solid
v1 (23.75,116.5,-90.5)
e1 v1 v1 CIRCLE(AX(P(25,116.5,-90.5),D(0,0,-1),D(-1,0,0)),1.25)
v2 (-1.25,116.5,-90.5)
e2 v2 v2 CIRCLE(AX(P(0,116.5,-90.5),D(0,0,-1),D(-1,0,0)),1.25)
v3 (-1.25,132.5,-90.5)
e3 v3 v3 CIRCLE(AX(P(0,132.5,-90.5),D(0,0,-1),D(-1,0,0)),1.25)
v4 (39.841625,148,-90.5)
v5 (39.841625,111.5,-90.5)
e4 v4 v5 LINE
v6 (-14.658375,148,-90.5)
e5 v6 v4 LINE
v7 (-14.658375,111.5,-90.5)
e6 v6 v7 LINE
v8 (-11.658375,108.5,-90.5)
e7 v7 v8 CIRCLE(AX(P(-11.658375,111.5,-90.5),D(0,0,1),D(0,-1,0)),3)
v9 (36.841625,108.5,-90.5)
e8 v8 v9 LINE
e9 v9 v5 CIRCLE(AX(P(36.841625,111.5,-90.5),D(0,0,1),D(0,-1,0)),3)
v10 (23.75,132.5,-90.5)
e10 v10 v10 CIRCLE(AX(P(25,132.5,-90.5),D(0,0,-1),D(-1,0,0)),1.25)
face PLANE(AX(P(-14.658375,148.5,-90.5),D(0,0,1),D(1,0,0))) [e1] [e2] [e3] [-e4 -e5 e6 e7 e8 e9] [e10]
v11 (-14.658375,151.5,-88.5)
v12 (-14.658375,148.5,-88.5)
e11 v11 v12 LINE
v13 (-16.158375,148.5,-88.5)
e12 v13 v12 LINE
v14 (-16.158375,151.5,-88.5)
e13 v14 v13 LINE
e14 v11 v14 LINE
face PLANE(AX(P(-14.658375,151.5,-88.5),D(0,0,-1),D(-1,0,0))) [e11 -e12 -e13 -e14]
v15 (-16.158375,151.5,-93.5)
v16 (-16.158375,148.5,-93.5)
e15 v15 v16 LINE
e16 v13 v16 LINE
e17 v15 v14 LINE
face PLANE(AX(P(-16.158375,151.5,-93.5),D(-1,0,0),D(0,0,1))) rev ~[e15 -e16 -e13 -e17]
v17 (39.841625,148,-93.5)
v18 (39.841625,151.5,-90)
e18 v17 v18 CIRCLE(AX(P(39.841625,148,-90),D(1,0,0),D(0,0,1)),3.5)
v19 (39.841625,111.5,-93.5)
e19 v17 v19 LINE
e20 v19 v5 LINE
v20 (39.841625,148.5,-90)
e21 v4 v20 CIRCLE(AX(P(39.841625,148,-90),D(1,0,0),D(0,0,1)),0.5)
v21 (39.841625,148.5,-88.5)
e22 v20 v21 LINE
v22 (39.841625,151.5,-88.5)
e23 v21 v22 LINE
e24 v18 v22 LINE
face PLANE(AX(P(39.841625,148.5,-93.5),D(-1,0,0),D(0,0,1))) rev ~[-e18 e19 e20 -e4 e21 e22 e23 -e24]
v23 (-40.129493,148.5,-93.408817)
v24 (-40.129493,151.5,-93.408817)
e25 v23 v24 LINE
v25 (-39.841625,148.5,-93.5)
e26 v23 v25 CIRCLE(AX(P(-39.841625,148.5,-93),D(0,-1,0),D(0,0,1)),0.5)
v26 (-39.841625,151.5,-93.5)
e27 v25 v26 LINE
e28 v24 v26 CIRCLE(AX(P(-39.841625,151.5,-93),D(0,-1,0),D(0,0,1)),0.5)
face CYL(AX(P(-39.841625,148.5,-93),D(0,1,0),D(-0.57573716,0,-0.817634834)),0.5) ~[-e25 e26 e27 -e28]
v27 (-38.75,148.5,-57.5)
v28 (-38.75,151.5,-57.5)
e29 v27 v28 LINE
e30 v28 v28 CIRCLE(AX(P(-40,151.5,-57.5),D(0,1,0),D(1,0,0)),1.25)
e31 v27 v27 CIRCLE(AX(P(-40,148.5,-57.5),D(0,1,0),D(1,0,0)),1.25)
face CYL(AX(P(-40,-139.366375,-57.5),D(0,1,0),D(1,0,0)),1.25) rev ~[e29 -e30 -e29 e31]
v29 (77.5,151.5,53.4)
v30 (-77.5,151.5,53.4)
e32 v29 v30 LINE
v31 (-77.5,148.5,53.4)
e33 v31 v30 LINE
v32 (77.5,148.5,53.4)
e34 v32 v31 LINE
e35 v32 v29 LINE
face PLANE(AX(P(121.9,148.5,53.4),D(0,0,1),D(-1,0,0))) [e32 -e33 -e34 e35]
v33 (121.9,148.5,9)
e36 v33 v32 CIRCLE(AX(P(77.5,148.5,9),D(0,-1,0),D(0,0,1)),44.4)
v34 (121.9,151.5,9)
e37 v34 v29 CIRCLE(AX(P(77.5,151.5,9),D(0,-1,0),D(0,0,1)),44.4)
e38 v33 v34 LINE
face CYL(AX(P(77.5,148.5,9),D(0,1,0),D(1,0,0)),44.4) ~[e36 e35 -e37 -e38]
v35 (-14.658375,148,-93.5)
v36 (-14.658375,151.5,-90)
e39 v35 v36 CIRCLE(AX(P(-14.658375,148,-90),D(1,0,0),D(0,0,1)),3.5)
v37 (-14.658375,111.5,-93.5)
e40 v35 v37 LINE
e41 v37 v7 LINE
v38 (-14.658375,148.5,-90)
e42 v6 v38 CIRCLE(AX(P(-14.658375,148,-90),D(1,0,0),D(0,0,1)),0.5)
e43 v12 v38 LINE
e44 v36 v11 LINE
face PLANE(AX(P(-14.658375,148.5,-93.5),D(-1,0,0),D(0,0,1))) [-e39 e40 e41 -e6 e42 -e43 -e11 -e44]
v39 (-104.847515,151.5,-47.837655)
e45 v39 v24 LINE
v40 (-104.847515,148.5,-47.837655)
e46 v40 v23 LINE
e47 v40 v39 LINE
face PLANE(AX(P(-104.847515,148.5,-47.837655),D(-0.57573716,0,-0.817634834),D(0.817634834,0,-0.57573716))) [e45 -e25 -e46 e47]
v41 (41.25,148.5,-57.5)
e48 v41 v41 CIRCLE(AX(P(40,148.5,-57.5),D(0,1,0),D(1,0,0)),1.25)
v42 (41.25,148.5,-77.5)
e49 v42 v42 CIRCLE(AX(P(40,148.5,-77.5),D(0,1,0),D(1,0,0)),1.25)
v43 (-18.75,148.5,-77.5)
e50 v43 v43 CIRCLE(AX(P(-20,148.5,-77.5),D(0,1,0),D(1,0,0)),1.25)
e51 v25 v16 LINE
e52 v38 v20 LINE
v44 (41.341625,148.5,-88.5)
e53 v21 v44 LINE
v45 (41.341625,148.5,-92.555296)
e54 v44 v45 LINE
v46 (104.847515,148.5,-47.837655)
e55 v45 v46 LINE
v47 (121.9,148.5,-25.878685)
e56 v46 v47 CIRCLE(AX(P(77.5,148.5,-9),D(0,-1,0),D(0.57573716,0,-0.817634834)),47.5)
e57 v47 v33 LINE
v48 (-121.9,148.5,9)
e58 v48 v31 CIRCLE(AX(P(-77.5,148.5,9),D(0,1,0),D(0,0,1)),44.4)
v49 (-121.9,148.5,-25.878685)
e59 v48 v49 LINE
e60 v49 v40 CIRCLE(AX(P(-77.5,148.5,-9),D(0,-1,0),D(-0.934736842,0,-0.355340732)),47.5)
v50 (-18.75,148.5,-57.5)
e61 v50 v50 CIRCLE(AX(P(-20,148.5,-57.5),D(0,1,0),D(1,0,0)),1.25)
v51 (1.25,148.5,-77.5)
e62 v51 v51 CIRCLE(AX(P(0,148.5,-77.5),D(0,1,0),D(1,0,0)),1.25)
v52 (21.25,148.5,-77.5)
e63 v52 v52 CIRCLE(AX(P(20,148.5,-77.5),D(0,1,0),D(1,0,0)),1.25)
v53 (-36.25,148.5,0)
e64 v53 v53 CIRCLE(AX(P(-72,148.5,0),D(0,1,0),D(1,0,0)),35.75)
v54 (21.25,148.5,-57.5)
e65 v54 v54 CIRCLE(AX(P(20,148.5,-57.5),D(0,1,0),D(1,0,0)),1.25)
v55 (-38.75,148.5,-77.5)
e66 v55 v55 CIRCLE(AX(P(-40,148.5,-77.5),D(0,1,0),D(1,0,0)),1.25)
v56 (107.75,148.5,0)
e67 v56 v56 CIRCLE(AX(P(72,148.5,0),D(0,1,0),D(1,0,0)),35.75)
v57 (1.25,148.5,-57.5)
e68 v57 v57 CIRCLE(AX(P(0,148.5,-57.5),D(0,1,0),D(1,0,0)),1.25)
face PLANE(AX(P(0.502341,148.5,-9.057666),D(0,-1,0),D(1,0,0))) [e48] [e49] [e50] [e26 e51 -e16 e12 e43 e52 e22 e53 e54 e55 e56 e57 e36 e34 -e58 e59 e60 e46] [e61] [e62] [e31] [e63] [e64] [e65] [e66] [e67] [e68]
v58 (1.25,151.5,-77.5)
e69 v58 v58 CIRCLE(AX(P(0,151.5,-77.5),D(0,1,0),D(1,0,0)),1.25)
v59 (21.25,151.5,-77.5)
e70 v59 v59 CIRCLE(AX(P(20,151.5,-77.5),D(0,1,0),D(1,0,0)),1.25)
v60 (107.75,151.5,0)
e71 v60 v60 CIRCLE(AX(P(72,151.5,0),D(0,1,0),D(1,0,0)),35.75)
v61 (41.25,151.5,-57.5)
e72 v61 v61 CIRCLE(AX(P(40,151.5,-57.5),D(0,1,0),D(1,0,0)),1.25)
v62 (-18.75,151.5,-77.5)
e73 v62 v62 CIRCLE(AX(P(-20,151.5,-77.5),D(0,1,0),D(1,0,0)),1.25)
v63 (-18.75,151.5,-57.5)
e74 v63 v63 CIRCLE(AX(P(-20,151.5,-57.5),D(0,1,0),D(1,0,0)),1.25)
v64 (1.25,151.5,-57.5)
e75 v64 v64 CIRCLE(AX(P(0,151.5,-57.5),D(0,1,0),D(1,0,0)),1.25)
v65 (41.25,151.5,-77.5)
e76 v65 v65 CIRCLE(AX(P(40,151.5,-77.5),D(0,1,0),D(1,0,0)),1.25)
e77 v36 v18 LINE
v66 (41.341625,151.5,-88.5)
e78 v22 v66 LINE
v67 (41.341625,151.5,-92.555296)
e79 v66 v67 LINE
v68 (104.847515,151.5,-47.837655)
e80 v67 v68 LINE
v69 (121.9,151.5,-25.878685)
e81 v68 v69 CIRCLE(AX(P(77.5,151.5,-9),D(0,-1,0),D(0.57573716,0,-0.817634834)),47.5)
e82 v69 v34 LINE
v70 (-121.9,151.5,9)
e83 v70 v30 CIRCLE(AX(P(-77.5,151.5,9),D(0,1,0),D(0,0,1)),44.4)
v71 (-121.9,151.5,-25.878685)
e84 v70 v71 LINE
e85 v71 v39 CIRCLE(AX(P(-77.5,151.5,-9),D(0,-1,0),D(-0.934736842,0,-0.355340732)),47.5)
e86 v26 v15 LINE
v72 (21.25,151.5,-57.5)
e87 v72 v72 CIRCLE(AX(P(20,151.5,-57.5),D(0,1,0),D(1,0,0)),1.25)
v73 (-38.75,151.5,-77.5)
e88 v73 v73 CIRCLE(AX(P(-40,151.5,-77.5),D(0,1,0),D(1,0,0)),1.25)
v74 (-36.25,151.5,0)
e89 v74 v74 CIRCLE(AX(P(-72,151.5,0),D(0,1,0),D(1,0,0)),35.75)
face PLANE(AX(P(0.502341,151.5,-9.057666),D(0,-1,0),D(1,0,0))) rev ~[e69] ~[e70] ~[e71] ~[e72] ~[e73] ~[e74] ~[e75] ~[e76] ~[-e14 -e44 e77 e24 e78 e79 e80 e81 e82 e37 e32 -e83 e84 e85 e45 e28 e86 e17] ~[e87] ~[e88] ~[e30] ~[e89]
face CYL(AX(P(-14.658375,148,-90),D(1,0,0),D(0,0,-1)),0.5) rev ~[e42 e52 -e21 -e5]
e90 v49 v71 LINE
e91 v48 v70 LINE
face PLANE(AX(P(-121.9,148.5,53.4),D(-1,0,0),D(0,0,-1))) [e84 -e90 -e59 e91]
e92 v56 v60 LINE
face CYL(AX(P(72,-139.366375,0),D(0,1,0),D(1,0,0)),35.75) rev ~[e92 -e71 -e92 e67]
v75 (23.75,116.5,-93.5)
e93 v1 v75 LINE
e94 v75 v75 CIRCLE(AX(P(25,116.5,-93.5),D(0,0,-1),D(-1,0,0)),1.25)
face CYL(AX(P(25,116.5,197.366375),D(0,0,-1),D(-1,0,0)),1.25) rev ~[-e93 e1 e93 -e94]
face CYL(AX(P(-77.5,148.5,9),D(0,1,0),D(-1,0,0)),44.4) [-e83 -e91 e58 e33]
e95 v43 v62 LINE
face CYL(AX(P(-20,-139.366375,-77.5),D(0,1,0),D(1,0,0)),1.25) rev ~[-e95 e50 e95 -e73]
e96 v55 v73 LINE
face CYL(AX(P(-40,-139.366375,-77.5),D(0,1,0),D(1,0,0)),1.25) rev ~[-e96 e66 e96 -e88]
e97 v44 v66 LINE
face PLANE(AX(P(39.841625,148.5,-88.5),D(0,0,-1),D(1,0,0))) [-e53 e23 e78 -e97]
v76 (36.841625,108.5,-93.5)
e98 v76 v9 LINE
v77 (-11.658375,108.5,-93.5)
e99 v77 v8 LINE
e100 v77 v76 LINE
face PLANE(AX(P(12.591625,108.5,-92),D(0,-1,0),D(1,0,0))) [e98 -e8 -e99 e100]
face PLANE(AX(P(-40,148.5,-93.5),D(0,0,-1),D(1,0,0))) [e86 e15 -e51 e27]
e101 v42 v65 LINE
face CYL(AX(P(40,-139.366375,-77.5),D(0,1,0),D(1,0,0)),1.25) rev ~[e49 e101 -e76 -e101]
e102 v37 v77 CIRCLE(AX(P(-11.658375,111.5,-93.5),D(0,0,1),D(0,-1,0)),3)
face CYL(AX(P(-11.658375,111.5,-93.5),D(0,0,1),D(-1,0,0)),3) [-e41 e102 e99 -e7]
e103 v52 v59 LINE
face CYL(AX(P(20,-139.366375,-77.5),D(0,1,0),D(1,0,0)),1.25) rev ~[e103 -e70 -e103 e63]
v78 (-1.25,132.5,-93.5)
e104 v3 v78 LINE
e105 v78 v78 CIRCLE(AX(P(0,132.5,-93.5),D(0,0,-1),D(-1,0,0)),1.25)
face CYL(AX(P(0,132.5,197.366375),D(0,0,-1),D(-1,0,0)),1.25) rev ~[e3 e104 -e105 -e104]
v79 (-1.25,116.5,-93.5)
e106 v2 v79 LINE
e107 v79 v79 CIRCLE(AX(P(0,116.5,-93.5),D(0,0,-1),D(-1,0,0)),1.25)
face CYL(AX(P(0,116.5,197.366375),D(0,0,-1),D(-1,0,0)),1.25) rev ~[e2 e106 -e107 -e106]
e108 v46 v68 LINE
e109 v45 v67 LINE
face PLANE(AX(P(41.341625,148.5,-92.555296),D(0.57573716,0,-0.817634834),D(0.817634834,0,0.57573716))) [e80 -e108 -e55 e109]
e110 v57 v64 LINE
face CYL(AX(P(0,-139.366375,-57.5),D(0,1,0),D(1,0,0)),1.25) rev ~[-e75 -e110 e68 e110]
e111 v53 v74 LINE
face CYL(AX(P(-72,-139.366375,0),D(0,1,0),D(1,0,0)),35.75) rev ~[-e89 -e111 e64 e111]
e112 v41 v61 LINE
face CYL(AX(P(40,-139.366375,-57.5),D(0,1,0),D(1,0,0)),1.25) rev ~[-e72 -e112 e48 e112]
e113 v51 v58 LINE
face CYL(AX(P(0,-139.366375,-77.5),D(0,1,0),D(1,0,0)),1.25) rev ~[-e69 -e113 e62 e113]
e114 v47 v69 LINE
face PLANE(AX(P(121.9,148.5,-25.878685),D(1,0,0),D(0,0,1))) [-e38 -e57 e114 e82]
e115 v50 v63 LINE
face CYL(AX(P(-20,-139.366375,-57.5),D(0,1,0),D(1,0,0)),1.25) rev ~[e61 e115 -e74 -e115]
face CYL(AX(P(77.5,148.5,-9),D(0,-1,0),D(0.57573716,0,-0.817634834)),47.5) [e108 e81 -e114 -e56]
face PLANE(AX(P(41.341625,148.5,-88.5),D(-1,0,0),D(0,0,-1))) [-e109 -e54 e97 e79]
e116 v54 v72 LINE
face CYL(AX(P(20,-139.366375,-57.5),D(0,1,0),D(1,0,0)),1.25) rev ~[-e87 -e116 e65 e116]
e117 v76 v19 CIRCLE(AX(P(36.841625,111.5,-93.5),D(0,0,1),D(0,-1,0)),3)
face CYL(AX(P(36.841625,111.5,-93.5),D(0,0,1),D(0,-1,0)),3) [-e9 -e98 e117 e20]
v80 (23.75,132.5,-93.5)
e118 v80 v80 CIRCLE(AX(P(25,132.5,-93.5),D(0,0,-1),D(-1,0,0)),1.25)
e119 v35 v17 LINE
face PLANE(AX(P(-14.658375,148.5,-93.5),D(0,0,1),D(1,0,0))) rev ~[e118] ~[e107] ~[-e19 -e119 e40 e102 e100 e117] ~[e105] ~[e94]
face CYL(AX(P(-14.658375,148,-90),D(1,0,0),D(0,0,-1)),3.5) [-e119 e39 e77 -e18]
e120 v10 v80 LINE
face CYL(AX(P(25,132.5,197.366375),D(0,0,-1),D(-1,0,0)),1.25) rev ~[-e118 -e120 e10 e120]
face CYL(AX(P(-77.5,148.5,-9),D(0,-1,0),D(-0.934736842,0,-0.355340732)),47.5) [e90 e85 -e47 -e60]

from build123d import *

# Parameters (mm, degrees)
EXTRUDE_1_DEPTH         = 3
SKETCH_2_W              = 1.5
SKETCH_2_H              = 5
CUT_EXTRUDE_1_DEPTH     = 154.658257181
SKETCH_3_W              = 54.5
SKETCH_3_H              = 3
EXTRUDE_2_DEPTH         = 40
HOLE_WIZARD_2_5_2_5_1_D = 2.5
HOLE_WIZARD_2_5_2_5_2_D = 2.5
HOLE_WIZARD_M641_D      = 71.5
FILLET_1_R              = 0.5
FILLET_2_R              = 3
FILLET_3_R              = 3.5
FILLET_4_R              = 44.4


with BuildPart() as part:
    # Эскиз1 → Бобышка-Вытянуть1 (new body)
    with BuildSketch(Plane.XZ.offset(-148.5)):
        with BuildLine():
            Line((121.9, -25.878684783), (121.9, 53.4))
            Line((121.9, 53.4), (-121.9, 53.4))
            Line((-121.9, 53.4), (-121.9, -25.878684783))
            ThreePointArc((-121.9, -25.878684783), (-115.016337378, -38.133733536), (-104.847515108, -47.837654634))
            Line((-104.847515108, -47.837654634), (-40, -93.5))
            Line((-40, -93.5), (39.841624635, -93.5))
            Line((39.841624635, -93.5), (39.841624635, -88.5))
            Line((39.841624635, -88.5), (41.341624635, -88.5))
            Line((41.341624635, -88.5), (41.341624635, -92.555295683))
            Line((41.341624635, -92.555295683), (104.847515108, -47.837654634))
            ThreePointArc((104.847515108, -47.837654634), (115.016337378, -38.133733536), (121.9, -25.878684783))
        make_face()
    extrude(amount=-EXTRUDE_1_DEPTH)

    # Эскиз2 → Вырез-Вытянуть1 (cut, through all)
    with BuildSketch(Plane(origin=(0, 151.5, 0), x_dir=(-1, 0, 0), z_dir=(0, 1, 0))):
        with Locations((15.408375365, -91)):
            Rectangle(SKETCH_2_W, SKETCH_2_H)
    extrude(amount=-CUT_EXTRUDE_1_DEPTH, mode=Mode.SUBTRACT)

    # Эскиз3 → Бобышка-Вытянуть2 (add)
    with BuildSketch(Plane.XZ.offset(-148.5)):
        with Locations((12.591624635, -92)):
            Rectangle(SKETCH_3_W, SKETCH_3_H)
    extrude(amount=EXTRUDE_2_DEPTH)

    # Диаметр отверстия Ø2.5 (2.5)1 (through all)
    with Locations(Plane(origin=(0, 148.5, 0), x_dir=(-1, 0, 0), z_dir=(0, -1, 0))):
        with Locations((40, 57.5), (40, 77.5), (20, 57.5), (20, 77.5), (-40, 57.5), (-40, 77.5), (-20, 57.5), (-20, 77.5), (0, 57.5), (0, 77.5)):
            Hole(HOLE_WIZARD_2_5_2_5_1_D / 2)

    # Диаметр отверстия Ø2.5 (2.5)2 (through all)
    with Locations(Plane.XY.offset(-90.5)):
        with Locations((25, 116.5), (25, 132.5), (0, 116.5), (0, 132.5)):
            Hole(HOLE_WIZARD_2_5_2_5_2_D / 2)

    # Отверстие с зазором M641 (through all)
    with Locations(Plane(origin=(0, 148.5, 0), x_dir=(-1, 0, 0), z_dir=(0, -1, 0))):
        with Locations((72, 0), (-72, 0)):
            Hole(HOLE_WIZARD_M641_D / 2)

    # Скругление1
    fillet_1_edges = [part.edges().sort_by_distance(p)[0] for p in [
        (-40, 150, -93.5),
        (12.591624635, 148.5, -90.5),
    ]]
    fillet(fillet_1_edges, radius=FILLET_1_R)

    # Скругление2
    fillet_2_edges = [part.edges().sort_by_distance(p)[0] for p in [
        (-14.658375365, 108.5, -92),
        (39.841624635, 108.5, -92),
    ]]
    fillet(fillet_2_edges, radius=FILLET_2_R)

    # Скругление3
    fillet_3_edges = [part.edges().sort_by_distance(p)[0] for p in [
        (12.591624635, 151.5, -93.5),
    ]]
    fillet(fillet_3_edges, radius=FILLET_3_R)

    # Скругление4
    fillet_4_edges = [part.edges().sort_by_distance(p)[0] for p in [
        (-121.9, 150, 53.4),
        (121.9, 150, 53.4),
    ]]
    fillet(fillet_4_edges, radius=FILLET_4_R)


solid = part.part
